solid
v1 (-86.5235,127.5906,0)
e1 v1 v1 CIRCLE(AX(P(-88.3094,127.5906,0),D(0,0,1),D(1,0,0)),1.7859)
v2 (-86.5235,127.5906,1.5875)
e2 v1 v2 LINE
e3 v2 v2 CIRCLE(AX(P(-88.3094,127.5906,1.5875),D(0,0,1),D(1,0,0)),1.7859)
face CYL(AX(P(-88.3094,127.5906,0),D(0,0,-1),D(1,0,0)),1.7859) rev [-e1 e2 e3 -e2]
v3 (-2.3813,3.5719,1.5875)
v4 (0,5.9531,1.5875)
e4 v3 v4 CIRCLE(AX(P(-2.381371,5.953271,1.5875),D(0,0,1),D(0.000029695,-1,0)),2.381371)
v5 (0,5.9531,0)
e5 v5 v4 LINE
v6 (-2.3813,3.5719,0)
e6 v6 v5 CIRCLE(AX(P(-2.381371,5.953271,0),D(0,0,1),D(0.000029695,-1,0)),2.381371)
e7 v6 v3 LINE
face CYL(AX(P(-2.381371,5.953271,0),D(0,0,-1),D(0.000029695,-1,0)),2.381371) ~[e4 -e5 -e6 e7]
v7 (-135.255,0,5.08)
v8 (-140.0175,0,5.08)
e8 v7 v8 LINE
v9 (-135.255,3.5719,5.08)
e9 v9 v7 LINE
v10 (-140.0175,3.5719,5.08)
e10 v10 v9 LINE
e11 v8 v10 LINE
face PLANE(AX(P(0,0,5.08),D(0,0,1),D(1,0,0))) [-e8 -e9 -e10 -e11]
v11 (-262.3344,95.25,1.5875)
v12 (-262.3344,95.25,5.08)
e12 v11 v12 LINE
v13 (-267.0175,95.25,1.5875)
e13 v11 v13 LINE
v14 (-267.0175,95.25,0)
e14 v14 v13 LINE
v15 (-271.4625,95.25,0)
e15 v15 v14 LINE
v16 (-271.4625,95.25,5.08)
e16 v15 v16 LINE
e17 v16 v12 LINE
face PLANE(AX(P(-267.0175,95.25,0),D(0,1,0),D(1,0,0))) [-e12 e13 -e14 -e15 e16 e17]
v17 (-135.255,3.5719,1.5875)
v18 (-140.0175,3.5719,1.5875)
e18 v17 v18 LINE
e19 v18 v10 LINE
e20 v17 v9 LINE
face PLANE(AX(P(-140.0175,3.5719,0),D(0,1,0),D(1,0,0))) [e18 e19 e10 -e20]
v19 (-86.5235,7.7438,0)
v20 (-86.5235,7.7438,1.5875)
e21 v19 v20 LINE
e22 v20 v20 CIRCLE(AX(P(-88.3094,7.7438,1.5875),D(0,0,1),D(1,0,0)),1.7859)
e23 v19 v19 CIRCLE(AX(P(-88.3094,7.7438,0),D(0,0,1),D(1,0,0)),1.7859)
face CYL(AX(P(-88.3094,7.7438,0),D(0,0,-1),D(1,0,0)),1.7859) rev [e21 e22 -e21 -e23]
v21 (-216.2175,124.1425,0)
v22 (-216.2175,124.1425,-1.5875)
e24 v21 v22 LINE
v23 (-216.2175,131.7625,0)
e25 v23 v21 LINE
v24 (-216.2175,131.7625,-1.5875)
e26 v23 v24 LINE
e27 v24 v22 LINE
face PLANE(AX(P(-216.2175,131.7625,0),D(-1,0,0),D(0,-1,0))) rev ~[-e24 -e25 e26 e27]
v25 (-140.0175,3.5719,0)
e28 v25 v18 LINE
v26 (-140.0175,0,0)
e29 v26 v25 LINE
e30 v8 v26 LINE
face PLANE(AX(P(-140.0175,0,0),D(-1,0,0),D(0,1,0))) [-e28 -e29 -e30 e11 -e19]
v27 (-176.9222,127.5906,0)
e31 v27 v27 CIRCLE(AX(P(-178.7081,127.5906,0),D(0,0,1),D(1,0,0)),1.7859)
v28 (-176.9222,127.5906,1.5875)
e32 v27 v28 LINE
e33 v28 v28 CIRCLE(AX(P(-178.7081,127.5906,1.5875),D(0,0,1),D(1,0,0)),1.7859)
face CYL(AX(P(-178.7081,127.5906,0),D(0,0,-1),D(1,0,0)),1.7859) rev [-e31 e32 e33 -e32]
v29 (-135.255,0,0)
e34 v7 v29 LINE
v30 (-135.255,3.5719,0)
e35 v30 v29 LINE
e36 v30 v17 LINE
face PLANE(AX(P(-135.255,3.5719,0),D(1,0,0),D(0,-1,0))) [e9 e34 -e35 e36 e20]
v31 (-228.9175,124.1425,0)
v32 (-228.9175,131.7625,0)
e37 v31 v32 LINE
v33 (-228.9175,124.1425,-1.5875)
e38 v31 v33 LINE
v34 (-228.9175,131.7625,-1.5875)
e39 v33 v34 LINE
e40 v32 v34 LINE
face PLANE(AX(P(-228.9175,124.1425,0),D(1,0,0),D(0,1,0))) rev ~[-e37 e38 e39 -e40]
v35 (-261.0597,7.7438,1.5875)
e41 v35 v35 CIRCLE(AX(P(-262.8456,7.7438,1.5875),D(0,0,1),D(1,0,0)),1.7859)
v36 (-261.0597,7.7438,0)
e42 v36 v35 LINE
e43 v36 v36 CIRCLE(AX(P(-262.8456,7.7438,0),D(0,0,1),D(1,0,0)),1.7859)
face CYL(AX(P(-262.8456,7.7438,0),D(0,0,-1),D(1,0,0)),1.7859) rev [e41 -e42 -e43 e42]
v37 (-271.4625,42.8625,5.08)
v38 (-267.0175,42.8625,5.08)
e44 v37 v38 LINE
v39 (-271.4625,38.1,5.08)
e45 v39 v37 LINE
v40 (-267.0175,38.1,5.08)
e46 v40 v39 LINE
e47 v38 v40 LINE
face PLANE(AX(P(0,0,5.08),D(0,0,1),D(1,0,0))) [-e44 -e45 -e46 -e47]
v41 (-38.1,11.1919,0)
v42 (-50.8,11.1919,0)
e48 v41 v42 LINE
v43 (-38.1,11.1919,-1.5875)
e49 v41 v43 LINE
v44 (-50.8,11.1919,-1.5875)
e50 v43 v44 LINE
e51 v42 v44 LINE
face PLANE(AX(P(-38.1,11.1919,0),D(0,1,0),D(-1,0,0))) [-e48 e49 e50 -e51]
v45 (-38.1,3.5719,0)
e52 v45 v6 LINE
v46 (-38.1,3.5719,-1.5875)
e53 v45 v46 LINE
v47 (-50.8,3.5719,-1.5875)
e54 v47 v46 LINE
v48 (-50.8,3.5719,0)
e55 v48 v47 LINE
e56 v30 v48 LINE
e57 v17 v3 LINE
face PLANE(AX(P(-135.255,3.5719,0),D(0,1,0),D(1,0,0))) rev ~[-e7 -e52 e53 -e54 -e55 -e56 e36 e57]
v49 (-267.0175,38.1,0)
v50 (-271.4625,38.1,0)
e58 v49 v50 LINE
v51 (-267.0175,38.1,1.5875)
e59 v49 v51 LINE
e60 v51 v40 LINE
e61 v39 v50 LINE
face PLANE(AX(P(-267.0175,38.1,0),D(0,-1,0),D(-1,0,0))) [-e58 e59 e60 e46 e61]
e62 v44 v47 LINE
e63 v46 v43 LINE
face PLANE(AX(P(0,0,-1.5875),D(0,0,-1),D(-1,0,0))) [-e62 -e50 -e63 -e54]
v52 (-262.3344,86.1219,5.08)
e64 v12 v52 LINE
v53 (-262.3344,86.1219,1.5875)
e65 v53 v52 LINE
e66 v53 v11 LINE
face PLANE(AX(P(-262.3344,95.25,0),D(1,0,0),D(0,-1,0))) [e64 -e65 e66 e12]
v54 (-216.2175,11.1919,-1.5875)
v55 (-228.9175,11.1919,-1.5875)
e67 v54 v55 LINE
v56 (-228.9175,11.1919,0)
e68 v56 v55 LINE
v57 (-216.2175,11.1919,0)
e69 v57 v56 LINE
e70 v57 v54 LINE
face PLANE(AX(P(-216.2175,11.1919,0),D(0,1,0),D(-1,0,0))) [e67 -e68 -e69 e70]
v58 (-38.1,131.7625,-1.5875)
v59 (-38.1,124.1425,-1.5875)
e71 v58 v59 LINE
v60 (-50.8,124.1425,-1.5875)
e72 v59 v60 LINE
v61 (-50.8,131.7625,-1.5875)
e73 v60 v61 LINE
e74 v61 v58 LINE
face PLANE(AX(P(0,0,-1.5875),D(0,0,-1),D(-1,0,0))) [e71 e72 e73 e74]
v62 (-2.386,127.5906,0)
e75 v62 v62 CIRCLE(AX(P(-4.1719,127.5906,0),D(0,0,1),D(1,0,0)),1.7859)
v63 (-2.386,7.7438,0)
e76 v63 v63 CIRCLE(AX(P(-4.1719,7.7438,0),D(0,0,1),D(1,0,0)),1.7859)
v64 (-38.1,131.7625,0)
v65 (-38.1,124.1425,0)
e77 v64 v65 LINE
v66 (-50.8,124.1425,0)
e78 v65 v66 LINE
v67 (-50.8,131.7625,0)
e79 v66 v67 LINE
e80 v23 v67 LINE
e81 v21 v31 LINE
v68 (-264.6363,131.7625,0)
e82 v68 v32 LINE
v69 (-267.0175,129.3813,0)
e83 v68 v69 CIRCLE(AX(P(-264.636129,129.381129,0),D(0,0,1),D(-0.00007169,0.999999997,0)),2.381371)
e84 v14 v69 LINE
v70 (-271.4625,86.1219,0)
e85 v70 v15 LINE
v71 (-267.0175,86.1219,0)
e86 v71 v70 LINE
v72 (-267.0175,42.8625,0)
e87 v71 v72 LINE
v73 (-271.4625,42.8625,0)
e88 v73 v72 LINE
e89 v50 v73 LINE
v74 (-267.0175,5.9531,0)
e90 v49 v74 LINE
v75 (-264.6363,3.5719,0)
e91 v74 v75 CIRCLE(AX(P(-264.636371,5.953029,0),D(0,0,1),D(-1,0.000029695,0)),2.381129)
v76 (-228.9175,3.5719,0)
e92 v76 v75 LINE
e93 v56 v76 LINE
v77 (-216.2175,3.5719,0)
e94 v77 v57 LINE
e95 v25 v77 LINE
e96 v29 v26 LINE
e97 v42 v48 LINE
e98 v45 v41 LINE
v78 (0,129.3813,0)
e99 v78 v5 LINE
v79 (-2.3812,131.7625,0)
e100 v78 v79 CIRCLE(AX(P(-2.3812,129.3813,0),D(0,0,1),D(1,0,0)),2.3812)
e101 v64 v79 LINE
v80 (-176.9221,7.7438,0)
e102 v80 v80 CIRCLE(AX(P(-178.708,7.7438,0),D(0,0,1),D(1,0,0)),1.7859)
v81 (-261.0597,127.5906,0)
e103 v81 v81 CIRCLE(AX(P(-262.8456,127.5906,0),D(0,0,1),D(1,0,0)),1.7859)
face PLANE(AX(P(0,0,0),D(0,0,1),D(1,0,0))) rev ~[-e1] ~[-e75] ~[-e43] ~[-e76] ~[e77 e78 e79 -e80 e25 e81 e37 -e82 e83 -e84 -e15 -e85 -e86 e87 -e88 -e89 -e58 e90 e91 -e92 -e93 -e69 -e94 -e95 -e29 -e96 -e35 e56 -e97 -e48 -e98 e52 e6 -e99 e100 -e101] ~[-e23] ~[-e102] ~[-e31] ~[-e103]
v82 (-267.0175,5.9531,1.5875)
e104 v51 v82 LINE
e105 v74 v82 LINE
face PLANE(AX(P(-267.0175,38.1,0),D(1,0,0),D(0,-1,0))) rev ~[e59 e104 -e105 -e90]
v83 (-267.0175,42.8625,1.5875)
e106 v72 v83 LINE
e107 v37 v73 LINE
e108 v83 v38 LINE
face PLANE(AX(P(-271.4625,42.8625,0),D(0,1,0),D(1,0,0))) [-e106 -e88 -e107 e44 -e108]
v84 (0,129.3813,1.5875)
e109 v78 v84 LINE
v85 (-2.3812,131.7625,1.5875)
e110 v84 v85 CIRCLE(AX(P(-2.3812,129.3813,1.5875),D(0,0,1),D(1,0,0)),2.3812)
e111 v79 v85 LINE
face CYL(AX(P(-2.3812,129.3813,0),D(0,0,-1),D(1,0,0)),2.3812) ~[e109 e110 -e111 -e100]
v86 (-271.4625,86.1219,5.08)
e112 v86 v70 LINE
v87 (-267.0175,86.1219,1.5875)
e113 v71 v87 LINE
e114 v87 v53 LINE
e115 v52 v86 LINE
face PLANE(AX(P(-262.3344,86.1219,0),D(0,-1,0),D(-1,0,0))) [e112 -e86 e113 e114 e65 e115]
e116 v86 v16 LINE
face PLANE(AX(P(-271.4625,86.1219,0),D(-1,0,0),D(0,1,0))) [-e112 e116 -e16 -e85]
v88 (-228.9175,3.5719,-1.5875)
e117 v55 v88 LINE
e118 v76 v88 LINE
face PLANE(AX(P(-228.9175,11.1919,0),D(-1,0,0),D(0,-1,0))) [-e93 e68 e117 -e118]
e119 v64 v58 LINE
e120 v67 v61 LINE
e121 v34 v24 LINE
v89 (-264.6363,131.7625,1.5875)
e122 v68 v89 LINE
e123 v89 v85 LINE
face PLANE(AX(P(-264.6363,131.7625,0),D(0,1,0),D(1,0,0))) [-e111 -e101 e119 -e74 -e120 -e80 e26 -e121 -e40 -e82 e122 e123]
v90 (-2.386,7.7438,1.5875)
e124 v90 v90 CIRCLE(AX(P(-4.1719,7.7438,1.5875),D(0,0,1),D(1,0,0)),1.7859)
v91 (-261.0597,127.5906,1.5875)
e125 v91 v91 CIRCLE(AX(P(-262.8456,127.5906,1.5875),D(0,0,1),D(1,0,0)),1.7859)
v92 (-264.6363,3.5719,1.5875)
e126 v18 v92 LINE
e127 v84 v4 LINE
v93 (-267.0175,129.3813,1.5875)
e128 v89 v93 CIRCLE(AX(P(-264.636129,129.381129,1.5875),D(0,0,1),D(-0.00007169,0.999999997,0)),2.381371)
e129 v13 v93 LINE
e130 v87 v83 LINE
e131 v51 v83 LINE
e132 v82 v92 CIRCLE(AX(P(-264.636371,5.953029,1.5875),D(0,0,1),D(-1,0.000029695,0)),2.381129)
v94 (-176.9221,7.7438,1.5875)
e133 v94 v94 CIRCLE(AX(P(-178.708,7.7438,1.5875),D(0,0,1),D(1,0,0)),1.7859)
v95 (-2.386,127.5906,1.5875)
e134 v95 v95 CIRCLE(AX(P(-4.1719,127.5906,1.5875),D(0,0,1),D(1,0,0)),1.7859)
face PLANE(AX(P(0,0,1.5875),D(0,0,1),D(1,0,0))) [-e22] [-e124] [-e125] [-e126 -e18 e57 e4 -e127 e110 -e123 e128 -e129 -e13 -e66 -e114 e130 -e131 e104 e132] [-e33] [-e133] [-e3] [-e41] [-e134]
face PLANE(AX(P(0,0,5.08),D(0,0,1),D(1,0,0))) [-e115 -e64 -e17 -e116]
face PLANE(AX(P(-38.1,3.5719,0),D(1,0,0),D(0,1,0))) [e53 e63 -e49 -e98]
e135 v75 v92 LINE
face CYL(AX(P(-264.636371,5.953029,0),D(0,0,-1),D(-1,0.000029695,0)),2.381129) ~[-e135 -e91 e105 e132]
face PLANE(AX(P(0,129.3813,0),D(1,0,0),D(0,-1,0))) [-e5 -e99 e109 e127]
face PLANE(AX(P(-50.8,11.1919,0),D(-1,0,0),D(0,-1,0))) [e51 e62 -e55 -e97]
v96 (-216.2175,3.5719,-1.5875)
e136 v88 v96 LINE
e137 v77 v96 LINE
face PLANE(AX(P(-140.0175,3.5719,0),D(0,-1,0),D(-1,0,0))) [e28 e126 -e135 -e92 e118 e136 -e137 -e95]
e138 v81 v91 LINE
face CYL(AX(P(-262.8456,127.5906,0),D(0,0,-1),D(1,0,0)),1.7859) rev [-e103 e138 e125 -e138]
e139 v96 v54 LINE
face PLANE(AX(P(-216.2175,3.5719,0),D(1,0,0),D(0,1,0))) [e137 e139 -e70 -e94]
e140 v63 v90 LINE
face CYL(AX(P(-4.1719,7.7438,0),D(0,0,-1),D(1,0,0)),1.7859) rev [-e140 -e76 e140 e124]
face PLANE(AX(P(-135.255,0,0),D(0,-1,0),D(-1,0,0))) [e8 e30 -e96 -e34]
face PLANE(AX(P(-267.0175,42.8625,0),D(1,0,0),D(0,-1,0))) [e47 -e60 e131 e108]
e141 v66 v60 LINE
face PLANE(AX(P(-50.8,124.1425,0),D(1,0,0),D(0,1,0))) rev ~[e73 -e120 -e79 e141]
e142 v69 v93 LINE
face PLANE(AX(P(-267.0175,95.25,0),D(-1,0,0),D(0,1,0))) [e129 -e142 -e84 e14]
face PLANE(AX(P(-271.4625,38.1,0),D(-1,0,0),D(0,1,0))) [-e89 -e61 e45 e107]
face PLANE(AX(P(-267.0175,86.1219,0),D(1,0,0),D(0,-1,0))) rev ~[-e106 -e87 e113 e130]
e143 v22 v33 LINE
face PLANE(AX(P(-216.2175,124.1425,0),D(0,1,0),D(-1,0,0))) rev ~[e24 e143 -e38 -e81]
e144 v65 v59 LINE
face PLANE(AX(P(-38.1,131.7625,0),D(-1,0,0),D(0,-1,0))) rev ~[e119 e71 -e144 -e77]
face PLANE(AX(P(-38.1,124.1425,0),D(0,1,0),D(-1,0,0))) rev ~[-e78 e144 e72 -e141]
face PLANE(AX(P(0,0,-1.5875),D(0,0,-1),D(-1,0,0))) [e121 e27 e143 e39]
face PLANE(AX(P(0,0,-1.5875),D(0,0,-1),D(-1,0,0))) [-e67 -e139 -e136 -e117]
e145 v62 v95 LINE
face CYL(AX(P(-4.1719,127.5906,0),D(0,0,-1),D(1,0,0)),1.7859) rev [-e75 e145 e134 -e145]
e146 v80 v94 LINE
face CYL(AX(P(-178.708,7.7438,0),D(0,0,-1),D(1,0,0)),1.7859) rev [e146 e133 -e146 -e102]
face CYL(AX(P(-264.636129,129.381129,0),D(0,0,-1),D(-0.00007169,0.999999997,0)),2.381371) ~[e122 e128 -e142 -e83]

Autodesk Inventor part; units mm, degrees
ref_plane "YZ Plane" through (0, 0, 0) normal (1, 0, 0) x (0, 1, 0)
ref_plane "XZ Plane" through (0, 0, 0) normal (0, 1, 0) x (-1, 0, 0)
ref_plane "XY Plane" through (0, 0, 0) normal (0, 0, 1) x (1, 0, 0)
sketch "CircuitBoard" plane through (0, 0, 0) normal (0, 0, 1) x (1, 0, 0)
  line L0 (-271.4625, 131.7625) -> (-267.0175, 131.7625) construction
  line L1 (0, 129.3813) -> (0, 5.9531)
  line L2 (0, 0) -> (-267.0175, 0) construction
  line L3 (-271.4625, 0) -> (-271.4625, 131.7625) construction
  line L4 (-271.4625, 95.25) -> (-267.0175, 95.25)
  line L5 (-267.0175, 95.25) -> (-267.0175, 86.1219) construction
  line L6 (-267.0175, 86.1219) -> (-271.4625, 86.1219)
  line L7 (-271.4625, 86.1219) -> (-271.4625, 95.25)
  line L8 (-271.4625, 95.25) -> (-262.3344, 95.25)
  line L9 (-262.3344, 95.25) -> (-262.3344, 86.1219)
  line L10 (-262.3344, 86.1219) -> (-271.4625, 86.1219)
  line L11 (-271.4625, 86.1219) -> (-271.4625, 95.25)
  line L12 (-267.0175, 95.25) -> (-267.0175, 129.3813)
  line L13 (-264.6363, 131.7625) -> (-2.3812, 131.7625)
  line L14 (-267.0175, 86.1219) -> (-267.0175, 5.9531)
  line L15 (-267.0175, 0) -> (-271.4625, 0) construction
  line L16 (-135.255, 0) -> (-140.0175, 0)
  line L17 (-140.0175, 0) -> (-140.0175, 3.5719)
  line L18 (-140.0175, 3.5719) -> (-135.255, 3.5719)
  line L19 (-135.255, 3.5719) -> (-135.255, 0)
  line L20 (-140.0175, 0) -> (-135.255, 0)
  line L21 (-135.255, 0) -> (-135.255, -1.5875)
  line L22 (-135.255, -1.5875) -> (-140.0175, -1.5875)
  line L23 (-140.0175, -1.5875) -> (-140.0175, 0)
  line L24 (-271.4625, 42.8625) -> (-267.0175, 42.8625)
  line L25 (-267.0175, 42.8625) -> (-267.0175, 38.1)
  line L26 (-267.0175, 38.1) -> (-271.4625, 38.1)
  line L27 (-271.4625, 38.1) -> (-271.4625, 42.8625)
  circle A0 centre (-262.8456, 127.5906) radius 1.7859
  arc A1 (-264.6363, 131.7625) -> (-267.0175, 129.3813) centre (-264.6362, 129.3813) ccw
  arc A2 (0, 129.3813) -> (-2.3812, 131.7625) centre (-2.3812, 129.3813) ccw
  circle A3 centre (-178.7081, 127.5906) radius 1.7859
  line L28 (-262.8456, 127.5906) -> (-178.7081, 127.5906) construction
  line L29 (-271.4625, 42.8625) -> (-273.05, 42.8625)
  line L30 (-273.05, 42.8625) -> (-273.05, 38.1)
  line L31 (-273.05, 38.1) -> (-271.4625, 38.1)
  line L32 (-271.4625, 38.1) -> (-271.4625, 42.8625)
  line L33 (-140.0175, 3.5719) -> (-264.6363, 3.5719)
  line L34 (-135.255, 3.5719) -> (-2.3813, 3.5719)
  line L35 (0, 3.5719) -> (0, 0) construction
  arc A4 (-267.0175, 5.9531) -> (-264.6363, 3.5719) centre (-264.6362, 5.9531) ccw
  arc A5 (-2.3813, 3.5719) -> (0, 5.9531) centre (-2.3813, 5.9531) ccw
  line L36 (-267.0175, 67.6672) -> (0, 67.6672) construction
  line L37 (-133.5087, 131.7625) -> (-133.5088, 3.5719) construction
  circle A6 centre (-4.1719, 127.5906) radius 1.7859
  circle A7 centre (-88.3094, 127.5906) radius 1.7859
  circle A8 centre (-262.8456, 7.7438) radius 1.7859
  circle A9 centre (-178.708, 7.7438) radius 1.7859
  circle A10 centre (-4.1719, 7.7438) radius 1.7859
  circle A11 centre (-88.3094, 7.7438) radius 1.7859
  point P0 (0, 131.7625)
  point P1 (-133.5088, 67.6672)
  dimension "d44" = 271.4625
  dimension "d45" = 131.7625
  dimension "d46" = 4.445
  dimension "d47" = 9.1281
  dimension "d48" = 36.5125
  dimension "d49" = 9.1281
  dimension "d50" = 131.7625
  dimension "d51" = 4.7625
  dimension "d52" = 3.5719
  dimension "d53" = 1.5875
  dimension "d54" = 4.7625
  dimension "d55" = 38.1
  dimension "d56" = 3.5719
  dimension "d57" = 4.1719
  dimension "d58" = 4.1719
  dimension "d59" = 2.3813
  dimension "d60" = 84.1375
  dimension "d61" = 1.5875
  dimension "d62" = 2.3813
  dimension "d65" = 88.3094
extrude "CircuitBoardFeature" add sketch "CircuitBoard" along normal blind 1.5875 contours L1 A5 L34 L18 L33 A4 L14 L10 L9 L8 L12 A1 L13 A2 | L19 L16 L17 L18 | L8 L9 L10 L6 L7 L4 | L26 L27 L24 L14
extrude "TopFeatures" add sketch "CircuitBoard" along normal blind 5.08 contours L19 L16 L17 L18 | L8 L9 L10 L6 L7 L4 | L26 L27 L24 L14
sketch "BottomProfile" plane through (0, 0, 0) normal (0, 0, -1) x (-1, 0, 0)
  line L0 (264.6363, 3.5719) -> (140.0175, 3.5719) construction
  line L1 (228.9175, 3.5719) -> (216.2175, 3.5719)
  line L2 (216.2175, 3.5719) -> (216.2175, 11.1919)
  line L3 (216.2175, 11.1919) -> (228.9175, 11.1919)
  line L4 (228.9175, 11.1919) -> (228.9175, 3.5719)
  line L5 (135.255, 3.5719) -> (2.3813, 3.5719) construction
  line L6 (50.8, 3.5719) -> (38.1, 3.5719)
  line L7 (38.1, 3.5719) -> (38.1, 11.1919)
  line L8 (38.1, 11.1919) -> (50.8, 11.1919)
  line L9 (50.8, 11.1919) -> (50.8, 3.5719)
  line L10 (0, 5.9531) -> (0, 129.3813) construction
  line L11 (0, 67.6672) -> (267.0175, 67.6672) construction
  line L12 (267.0175, 86.1219) -> (267.0175, 42.8625) projected
  line L13 (267.0175, 38.1) -> (267.0175, 5.9531) projected
  line L14 (228.9175, 131.7625) -> (216.2175, 131.7625)
  line L15 (216.2175, 131.7625) -> (216.2175, 124.1425)
  line L16 (216.2175, 124.1425) -> (228.9175, 124.1425)
  line L17 (228.9175, 124.1425) -> (228.9175, 131.7625)
  line L18 (50.8, 131.7625) -> (38.1, 131.7625)
  line L19 (38.1, 131.7625) -> (38.1, 124.1425)
  line L20 (38.1, 124.1425) -> (50.8, 124.1425)
  line L21 (50.8, 124.1425) -> (50.8, 131.7625)
  point P0 (0, 0)
  dimension "d70" = 38.1
  dimension "d71" = 38.1
  dimension "d72" = 12.7
  dimension "d73" = 7.62
extrude "BottomFeatures" add sketch "BottomProfile" along normal blind 1.5875
equation "\"d58\" = d57"
properties part number "seaboard-block-circuit-board"
